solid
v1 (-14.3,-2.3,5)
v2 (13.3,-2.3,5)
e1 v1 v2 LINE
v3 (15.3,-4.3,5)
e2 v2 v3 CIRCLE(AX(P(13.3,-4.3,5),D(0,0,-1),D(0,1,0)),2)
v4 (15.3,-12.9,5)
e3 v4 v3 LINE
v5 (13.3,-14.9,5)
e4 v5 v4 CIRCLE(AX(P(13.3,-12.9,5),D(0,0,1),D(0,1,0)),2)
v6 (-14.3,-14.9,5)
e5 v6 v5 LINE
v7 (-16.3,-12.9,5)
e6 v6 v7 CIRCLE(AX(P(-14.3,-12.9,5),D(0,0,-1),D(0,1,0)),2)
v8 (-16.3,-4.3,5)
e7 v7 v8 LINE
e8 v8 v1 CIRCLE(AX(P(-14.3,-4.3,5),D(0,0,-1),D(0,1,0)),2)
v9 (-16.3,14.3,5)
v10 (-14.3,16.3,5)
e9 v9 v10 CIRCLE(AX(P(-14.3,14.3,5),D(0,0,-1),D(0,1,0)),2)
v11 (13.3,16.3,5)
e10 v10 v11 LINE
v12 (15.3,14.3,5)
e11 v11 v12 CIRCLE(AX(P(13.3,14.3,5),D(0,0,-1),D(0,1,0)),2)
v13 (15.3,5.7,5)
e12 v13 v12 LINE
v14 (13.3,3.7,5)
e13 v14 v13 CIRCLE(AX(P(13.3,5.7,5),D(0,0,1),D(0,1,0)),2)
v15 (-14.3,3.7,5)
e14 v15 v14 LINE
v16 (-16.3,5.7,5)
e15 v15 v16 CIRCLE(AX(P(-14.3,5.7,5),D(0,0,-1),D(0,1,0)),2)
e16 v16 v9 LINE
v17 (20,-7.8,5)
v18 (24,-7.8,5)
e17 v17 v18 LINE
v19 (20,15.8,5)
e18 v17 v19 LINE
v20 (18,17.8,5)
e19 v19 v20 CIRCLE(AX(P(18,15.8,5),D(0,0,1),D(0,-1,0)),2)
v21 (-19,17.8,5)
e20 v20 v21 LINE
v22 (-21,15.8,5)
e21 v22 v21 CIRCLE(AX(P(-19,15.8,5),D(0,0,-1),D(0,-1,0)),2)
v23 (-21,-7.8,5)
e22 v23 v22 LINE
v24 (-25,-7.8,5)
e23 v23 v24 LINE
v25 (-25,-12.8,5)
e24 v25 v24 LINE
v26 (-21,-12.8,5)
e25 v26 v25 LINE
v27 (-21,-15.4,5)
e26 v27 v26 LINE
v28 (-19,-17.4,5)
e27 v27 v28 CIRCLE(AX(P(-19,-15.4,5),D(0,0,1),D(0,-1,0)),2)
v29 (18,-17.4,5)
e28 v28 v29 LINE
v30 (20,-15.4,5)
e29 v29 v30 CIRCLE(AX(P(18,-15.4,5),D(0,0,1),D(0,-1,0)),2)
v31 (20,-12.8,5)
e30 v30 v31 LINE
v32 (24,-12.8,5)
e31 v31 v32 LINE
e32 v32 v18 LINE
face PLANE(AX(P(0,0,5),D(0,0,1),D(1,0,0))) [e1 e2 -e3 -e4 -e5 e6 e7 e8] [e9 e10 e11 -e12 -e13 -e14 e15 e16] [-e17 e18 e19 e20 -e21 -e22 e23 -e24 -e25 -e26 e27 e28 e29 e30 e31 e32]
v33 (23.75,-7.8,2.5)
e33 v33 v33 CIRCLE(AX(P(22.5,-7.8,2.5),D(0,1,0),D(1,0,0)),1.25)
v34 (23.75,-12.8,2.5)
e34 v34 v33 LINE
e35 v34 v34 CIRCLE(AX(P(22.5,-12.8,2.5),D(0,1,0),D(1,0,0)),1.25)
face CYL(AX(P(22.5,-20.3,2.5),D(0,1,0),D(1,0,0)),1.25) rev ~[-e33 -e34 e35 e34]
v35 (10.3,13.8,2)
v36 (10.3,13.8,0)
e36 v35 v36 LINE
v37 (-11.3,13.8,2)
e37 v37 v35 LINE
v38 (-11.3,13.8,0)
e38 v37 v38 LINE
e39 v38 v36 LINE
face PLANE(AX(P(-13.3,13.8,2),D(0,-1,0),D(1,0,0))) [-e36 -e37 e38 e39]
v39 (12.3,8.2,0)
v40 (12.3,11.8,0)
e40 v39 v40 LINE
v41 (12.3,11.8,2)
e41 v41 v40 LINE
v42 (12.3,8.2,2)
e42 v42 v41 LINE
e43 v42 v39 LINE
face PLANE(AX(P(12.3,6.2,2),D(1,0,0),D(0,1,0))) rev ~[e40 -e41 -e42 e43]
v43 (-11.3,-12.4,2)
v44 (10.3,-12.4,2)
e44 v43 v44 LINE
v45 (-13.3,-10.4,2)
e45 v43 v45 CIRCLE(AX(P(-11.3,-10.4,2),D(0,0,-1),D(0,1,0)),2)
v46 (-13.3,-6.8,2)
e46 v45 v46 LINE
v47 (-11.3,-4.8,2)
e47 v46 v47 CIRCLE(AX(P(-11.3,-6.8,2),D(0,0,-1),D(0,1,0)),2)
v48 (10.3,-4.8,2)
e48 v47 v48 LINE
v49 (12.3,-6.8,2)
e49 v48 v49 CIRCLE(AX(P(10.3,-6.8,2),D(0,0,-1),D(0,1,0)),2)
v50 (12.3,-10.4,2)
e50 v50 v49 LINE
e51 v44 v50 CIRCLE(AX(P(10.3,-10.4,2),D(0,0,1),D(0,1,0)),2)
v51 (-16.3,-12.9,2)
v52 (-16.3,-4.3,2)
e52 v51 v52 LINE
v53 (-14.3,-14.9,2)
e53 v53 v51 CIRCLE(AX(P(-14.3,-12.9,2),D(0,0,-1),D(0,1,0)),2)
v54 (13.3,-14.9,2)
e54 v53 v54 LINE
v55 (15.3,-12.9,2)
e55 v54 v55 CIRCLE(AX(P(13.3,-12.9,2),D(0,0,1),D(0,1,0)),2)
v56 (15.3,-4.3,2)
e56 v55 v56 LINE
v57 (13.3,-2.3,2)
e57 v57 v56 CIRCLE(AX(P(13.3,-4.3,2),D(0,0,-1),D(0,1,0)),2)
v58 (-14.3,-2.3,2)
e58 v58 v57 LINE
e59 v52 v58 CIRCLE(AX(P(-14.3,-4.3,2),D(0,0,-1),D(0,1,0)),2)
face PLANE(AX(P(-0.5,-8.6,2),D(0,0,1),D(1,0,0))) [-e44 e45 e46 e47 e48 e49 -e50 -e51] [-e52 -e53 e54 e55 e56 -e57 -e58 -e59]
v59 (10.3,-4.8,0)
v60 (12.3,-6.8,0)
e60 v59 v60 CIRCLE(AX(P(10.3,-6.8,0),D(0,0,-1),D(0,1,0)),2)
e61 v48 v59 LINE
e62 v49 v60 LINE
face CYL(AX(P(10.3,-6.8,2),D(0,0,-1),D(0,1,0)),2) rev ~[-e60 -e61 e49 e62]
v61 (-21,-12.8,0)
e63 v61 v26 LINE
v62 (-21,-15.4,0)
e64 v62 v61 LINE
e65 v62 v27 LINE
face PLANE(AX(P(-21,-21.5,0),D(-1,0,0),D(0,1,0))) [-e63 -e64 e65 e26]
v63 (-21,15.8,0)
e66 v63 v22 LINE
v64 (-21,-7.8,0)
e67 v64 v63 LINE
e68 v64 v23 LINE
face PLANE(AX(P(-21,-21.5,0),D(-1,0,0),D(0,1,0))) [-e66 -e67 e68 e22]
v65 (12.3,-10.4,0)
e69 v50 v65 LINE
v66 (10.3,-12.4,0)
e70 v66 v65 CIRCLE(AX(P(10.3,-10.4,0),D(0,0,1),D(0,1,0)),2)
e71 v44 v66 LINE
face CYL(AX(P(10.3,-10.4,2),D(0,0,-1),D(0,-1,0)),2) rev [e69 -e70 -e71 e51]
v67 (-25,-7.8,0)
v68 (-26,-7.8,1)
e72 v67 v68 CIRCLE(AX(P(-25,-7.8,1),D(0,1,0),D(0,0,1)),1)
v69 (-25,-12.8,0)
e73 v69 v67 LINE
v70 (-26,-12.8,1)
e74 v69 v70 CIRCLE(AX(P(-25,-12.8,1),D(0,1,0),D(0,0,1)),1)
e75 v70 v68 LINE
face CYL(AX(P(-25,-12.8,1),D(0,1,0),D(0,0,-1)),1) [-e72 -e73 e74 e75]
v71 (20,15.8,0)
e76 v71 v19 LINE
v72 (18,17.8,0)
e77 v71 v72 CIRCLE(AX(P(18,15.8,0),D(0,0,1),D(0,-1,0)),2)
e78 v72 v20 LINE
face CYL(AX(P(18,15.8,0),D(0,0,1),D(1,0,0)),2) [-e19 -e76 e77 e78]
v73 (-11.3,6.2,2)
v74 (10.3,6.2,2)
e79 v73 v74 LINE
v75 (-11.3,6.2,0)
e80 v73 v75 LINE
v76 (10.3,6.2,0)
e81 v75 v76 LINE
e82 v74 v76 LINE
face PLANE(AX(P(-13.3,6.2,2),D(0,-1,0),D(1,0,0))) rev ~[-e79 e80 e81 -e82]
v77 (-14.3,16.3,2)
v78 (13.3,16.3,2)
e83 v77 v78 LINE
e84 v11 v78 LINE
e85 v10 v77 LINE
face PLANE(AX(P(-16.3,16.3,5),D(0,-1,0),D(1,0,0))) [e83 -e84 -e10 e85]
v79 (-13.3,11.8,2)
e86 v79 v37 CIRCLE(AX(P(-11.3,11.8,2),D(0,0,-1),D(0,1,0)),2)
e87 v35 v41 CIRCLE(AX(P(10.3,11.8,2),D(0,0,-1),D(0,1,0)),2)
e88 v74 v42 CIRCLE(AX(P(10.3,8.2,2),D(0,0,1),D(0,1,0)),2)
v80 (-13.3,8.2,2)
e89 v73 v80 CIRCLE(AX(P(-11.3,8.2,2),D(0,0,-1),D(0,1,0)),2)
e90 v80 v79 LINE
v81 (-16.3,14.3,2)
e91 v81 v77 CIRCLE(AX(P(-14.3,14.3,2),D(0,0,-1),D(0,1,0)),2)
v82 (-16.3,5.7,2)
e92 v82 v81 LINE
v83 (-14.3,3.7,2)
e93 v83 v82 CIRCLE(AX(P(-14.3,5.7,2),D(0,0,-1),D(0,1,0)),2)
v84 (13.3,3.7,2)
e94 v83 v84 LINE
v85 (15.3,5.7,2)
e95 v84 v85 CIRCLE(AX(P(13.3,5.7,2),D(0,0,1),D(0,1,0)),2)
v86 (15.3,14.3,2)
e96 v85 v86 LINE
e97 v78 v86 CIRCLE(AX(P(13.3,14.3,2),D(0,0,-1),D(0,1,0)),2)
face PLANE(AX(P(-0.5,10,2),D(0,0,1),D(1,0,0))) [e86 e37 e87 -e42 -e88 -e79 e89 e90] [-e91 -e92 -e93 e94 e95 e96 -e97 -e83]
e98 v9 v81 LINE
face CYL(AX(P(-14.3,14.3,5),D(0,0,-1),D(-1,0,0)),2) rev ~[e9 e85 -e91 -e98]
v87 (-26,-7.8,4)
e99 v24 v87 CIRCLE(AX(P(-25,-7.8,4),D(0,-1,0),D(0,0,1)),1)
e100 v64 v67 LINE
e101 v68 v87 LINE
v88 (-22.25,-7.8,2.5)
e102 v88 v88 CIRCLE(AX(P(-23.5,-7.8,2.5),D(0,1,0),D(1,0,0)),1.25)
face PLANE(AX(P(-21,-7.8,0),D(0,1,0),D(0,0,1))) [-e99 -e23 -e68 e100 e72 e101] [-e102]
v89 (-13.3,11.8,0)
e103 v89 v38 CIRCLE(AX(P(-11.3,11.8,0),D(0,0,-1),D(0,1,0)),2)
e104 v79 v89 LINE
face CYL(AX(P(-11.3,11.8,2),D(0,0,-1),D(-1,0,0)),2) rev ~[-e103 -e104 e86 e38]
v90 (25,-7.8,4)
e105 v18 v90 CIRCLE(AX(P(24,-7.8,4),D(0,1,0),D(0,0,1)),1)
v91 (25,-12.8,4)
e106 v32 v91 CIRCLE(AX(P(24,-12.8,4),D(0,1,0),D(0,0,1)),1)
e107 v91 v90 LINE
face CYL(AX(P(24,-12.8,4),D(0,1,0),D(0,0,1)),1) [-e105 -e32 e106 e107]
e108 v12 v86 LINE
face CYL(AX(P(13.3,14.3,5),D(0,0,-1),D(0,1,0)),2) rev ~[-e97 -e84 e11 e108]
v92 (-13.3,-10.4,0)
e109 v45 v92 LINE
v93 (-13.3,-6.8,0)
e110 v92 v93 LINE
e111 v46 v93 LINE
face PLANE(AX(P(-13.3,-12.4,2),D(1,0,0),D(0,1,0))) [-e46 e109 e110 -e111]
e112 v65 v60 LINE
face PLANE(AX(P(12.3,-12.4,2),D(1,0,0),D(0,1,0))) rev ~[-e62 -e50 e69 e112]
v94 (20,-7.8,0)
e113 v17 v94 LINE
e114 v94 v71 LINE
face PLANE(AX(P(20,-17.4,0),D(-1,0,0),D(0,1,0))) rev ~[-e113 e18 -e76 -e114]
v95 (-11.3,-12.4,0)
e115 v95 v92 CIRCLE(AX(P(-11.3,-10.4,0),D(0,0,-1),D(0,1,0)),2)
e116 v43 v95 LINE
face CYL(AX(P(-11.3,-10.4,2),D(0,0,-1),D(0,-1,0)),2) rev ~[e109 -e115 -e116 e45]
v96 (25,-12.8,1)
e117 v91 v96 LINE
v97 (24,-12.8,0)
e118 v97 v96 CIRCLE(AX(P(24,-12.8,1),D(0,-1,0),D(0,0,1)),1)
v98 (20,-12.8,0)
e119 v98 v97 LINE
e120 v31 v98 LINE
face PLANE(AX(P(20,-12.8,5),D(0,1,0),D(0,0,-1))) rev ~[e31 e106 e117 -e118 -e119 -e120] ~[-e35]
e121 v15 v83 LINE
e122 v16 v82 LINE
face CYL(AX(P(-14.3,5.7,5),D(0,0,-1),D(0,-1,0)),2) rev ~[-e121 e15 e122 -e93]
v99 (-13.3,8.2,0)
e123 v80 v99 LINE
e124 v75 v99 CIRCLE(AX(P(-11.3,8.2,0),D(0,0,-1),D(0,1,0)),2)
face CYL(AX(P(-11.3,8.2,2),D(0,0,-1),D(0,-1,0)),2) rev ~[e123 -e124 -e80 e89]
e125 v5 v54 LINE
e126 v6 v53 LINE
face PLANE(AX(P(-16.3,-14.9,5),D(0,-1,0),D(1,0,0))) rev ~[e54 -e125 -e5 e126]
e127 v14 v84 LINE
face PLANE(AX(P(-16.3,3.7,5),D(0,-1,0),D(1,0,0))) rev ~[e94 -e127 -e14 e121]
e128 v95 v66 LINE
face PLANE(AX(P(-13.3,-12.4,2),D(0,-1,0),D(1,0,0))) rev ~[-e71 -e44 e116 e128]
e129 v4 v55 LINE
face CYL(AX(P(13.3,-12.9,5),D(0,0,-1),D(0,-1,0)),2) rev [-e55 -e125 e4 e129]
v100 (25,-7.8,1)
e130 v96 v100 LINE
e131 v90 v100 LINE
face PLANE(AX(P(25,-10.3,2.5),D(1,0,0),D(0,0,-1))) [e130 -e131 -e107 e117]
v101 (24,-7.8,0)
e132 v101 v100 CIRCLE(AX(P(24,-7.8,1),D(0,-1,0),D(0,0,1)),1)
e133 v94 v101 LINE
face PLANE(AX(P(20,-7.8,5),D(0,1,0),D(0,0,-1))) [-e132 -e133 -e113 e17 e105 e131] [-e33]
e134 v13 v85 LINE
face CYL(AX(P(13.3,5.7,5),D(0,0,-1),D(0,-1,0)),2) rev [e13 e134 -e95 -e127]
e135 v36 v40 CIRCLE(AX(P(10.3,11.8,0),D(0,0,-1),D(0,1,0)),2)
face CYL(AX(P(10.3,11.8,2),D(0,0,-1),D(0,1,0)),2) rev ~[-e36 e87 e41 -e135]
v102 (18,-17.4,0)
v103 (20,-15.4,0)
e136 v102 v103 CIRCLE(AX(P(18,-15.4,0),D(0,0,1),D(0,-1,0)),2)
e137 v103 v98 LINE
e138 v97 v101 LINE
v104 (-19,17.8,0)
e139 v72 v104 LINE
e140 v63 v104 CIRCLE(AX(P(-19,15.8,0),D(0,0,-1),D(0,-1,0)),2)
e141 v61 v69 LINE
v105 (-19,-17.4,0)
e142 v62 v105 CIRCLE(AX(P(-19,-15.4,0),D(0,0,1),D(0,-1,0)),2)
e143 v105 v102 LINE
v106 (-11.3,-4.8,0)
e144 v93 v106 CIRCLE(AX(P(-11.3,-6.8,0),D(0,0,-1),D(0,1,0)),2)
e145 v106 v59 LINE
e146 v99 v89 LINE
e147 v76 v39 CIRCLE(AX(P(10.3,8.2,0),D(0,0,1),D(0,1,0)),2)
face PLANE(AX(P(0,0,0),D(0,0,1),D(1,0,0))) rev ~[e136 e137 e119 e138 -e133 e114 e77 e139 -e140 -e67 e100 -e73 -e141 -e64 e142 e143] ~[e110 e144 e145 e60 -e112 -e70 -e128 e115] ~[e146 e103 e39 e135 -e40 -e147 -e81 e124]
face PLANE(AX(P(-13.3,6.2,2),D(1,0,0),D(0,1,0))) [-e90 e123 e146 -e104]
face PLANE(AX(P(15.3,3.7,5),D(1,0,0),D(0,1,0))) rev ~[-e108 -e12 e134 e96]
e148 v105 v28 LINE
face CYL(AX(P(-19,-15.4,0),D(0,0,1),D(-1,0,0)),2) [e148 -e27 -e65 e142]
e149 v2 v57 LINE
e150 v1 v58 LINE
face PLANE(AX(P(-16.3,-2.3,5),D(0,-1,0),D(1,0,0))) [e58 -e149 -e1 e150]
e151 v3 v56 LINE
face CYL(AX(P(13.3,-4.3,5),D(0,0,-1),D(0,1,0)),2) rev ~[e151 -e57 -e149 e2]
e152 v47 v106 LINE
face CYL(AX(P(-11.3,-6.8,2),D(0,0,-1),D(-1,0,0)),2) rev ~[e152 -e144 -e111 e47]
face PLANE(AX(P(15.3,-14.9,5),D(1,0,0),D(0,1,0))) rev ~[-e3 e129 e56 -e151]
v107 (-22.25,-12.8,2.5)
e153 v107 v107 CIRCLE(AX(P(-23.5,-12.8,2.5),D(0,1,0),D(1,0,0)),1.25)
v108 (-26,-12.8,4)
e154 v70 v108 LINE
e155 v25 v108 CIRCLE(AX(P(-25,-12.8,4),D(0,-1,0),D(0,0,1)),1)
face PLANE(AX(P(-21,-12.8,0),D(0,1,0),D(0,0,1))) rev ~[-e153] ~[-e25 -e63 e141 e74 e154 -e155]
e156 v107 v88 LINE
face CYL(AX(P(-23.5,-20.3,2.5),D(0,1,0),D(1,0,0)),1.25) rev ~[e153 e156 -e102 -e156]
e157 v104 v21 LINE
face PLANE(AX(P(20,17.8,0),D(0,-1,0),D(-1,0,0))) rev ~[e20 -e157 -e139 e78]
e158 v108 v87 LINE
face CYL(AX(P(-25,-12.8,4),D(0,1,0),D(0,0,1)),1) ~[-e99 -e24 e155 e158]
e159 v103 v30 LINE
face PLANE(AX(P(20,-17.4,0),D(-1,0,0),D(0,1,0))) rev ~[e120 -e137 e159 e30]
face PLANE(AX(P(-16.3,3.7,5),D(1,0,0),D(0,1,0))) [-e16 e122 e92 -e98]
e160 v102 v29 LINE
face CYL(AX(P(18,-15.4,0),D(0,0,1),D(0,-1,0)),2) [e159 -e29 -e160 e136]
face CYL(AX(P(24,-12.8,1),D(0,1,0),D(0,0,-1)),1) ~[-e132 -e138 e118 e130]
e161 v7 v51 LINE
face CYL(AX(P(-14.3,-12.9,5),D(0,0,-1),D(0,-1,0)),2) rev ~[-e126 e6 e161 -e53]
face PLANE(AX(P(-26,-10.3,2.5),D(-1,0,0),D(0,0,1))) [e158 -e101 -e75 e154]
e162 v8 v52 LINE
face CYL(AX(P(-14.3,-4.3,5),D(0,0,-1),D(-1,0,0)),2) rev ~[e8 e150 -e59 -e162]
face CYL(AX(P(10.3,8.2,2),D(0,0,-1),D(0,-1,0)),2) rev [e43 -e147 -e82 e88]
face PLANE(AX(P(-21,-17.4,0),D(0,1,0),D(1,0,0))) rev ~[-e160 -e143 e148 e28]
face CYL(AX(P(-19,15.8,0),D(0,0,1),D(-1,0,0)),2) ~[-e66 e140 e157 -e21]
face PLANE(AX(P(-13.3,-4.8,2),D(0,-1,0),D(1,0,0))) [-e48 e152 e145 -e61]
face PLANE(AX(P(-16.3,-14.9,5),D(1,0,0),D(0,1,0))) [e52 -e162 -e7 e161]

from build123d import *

# Parameters (mm, degrees)
SKETCH1_W                 = 42
SKETCH1_H                 = 43
BOSS_EXTRUDE1_DEPTH       = 5
SKETCH2_W                 = 31.6
SKETCH2_H                 = 12.6
CUT_EXTRUDE1_DEPTH        = 3
SKETCH3_W                 = 25.6
SKETCH3_H                 = 7.6
CUT_EXTRUDE2_DEPTH        = 3
CUT_EXTRUDE3_DEPTH        = 5
SKETCH5_W                 = 5
SKETCH5_H                 = 5
BOSS_EXTRUDE2_DEPTH       = 5
SKETCH6_W                 = 5
SKETCH6_H                 = 5
BOSS_EXTRUDE3_DEPTH       = 5
FILLET1_R                 = 2
FILLET2_R                 = 1
M3X0_5_TAPPED_HOLE1_D     = 2.5
M3X0_5_TAPPED_HOLE1_DEPTH = 7.5
M3X0_5_TAPPED_HOLE1_TIP   = 0.751075774


with BuildPart() as part:
    # Sketch1 → Boss-Extrude1 (new body)
    with BuildSketch(Plane.XY):
        Rectangle(SKETCH1_W, SKETCH1_H)
    extrude(amount=BOSS_EXTRUDE1_DEPTH)

    # Sketch2 → Cut-Extrude1 (cut)
    with BuildSketch(Plane.XY.offset(5)):
        with Locations((-0.5, 10)):
            Rectangle(SKETCH2_W, SKETCH2_H)
        with Locations((-0.5, -8.6)):
            Rectangle(SKETCH2_W, SKETCH2_H)
    extrude(amount=-CUT_EXTRUDE1_DEPTH, mode=Mode.SUBTRACT)

    # Sketch3 → Cut-Extrude2 (cut)
    with BuildSketch(Plane.XY.offset(2)):
        with Locations((-0.5, 10)):
            Rectangle(SKETCH3_W, SKETCH3_H)
        with Locations((-0.5, -8.6)):
            Rectangle(SKETCH3_W, SKETCH3_H)
    extrude(amount=-CUT_EXTRUDE2_DEPTH, mode=Mode.SUBTRACT)

    # Sketch4 → Cut-Extrude3 (cut)
    with BuildSketch(Plane(origin=(0, 0, 0), x_dir=(-1, 0, 0), z_dir=(0, 0, -1))):
        Polygon((-15.288574128, 21.5), (-21, 21.5), (-21, 16.307906388), (-21, -16.83473783), (-21, -21.5), (-15.288574128, -21.5), (16.313805872, -21.5), (21, -21.5), (21, -17.4), (-20, -17.4), (-20, 17.8), (21, 17.8), (21, 21.5), (16.313805872, 21.5), align=None)
    extrude(amount=-CUT_EXTRUDE3_DEPTH, mode=Mode.SUBTRACT)

    # Sketch5 → Boss-Extrude2 (add)
    with BuildSketch(Plane(origin=(20, 0, 0), x_dir=(0, 0, -1), z_dir=(1, 0, 0))):
        with Locations((-2.5, -10.3)):
            Rectangle(SKETCH5_W, SKETCH5_H)
    extrude(amount=BOSS_EXTRUDE2_DEPTH)

    # Sketch6 → Boss-Extrude3 (add)
    with BuildSketch(Plane.ZY.offset(21)):
        with Locations((2.5, -10.3)):
            Rectangle(SKETCH6_W, SKETCH6_H)
    extrude(amount=BOSS_EXTRUDE3_DEPTH)

    # Fillet1
    fillet1_edges = [part.edges().sort_by_distance(p)[0] for p in [
        (-16.3, 3.7, 3.5),
        (-16.3, 16.3, 3.5),
        (15.3, 16.3, 3.5),
        (15.3, 3.7, 3.5),
        (-16.3, -14.9, 3.5),
        (-16.3, -2.3, 3.5),
        (15.3, -2.3, 3.5),
        (15.3, -14.9, 3.5),
        (-13.3, 6.2, 1),
        (-13.3, 13.8, 1),
        (12.3, 13.8, 1),
        (12.3, 6.2, 1),
        (-13.3, -12.4, 1),
        (-13.3, -4.8, 1),
        (12.3, -4.8, 1),
        (12.3, -12.4, 1),
        (20, 17.8, 2.5),
        (20, -17.4, 2.5),
        (-21, -17.4, 2.5),
        (-21, 17.8, 2.5),
    ]]
    fillet(fillet1_edges, radius=FILLET1_R)

    # Fillet2
    fillet2_edges = [part.edges().sort_by_distance(p)[0] for p in [
        (25, -10.3, 0),
        (25, -10.3, 5),
        (-26, -10.3, 0),
        (-26, -10.3, 5),
    ]]
    fillet(fillet2_edges, radius=FILLET2_R)

    # M3x0.5 Tapped Hole1
    with Locations(Plane(origin=(-23.5, -12.8, 2.5), x_dir=(-1, 0, 0), z_dir=(0, -1, 0))):
        with Locations((0, 0), (-46, 0)):
            Hole(M3X0_5_TAPPED_HOLE1_D / 2, depth=M3X0_5_TAPPED_HOLE1_DEPTH)
            with Locations((0, 0, -(M3X0_5_TAPPED_HOLE1_DEPTH + M3X0_5_TAPPED_HOLE1_TIP / 2))):  # 118° drill point
                Cone(0, M3X0_5_TAPPED_HOLE1_D / 2, M3X0_5_TAPPED_HOLE1_TIP, mode=Mode.SUBTRACT)


solid = part.part
